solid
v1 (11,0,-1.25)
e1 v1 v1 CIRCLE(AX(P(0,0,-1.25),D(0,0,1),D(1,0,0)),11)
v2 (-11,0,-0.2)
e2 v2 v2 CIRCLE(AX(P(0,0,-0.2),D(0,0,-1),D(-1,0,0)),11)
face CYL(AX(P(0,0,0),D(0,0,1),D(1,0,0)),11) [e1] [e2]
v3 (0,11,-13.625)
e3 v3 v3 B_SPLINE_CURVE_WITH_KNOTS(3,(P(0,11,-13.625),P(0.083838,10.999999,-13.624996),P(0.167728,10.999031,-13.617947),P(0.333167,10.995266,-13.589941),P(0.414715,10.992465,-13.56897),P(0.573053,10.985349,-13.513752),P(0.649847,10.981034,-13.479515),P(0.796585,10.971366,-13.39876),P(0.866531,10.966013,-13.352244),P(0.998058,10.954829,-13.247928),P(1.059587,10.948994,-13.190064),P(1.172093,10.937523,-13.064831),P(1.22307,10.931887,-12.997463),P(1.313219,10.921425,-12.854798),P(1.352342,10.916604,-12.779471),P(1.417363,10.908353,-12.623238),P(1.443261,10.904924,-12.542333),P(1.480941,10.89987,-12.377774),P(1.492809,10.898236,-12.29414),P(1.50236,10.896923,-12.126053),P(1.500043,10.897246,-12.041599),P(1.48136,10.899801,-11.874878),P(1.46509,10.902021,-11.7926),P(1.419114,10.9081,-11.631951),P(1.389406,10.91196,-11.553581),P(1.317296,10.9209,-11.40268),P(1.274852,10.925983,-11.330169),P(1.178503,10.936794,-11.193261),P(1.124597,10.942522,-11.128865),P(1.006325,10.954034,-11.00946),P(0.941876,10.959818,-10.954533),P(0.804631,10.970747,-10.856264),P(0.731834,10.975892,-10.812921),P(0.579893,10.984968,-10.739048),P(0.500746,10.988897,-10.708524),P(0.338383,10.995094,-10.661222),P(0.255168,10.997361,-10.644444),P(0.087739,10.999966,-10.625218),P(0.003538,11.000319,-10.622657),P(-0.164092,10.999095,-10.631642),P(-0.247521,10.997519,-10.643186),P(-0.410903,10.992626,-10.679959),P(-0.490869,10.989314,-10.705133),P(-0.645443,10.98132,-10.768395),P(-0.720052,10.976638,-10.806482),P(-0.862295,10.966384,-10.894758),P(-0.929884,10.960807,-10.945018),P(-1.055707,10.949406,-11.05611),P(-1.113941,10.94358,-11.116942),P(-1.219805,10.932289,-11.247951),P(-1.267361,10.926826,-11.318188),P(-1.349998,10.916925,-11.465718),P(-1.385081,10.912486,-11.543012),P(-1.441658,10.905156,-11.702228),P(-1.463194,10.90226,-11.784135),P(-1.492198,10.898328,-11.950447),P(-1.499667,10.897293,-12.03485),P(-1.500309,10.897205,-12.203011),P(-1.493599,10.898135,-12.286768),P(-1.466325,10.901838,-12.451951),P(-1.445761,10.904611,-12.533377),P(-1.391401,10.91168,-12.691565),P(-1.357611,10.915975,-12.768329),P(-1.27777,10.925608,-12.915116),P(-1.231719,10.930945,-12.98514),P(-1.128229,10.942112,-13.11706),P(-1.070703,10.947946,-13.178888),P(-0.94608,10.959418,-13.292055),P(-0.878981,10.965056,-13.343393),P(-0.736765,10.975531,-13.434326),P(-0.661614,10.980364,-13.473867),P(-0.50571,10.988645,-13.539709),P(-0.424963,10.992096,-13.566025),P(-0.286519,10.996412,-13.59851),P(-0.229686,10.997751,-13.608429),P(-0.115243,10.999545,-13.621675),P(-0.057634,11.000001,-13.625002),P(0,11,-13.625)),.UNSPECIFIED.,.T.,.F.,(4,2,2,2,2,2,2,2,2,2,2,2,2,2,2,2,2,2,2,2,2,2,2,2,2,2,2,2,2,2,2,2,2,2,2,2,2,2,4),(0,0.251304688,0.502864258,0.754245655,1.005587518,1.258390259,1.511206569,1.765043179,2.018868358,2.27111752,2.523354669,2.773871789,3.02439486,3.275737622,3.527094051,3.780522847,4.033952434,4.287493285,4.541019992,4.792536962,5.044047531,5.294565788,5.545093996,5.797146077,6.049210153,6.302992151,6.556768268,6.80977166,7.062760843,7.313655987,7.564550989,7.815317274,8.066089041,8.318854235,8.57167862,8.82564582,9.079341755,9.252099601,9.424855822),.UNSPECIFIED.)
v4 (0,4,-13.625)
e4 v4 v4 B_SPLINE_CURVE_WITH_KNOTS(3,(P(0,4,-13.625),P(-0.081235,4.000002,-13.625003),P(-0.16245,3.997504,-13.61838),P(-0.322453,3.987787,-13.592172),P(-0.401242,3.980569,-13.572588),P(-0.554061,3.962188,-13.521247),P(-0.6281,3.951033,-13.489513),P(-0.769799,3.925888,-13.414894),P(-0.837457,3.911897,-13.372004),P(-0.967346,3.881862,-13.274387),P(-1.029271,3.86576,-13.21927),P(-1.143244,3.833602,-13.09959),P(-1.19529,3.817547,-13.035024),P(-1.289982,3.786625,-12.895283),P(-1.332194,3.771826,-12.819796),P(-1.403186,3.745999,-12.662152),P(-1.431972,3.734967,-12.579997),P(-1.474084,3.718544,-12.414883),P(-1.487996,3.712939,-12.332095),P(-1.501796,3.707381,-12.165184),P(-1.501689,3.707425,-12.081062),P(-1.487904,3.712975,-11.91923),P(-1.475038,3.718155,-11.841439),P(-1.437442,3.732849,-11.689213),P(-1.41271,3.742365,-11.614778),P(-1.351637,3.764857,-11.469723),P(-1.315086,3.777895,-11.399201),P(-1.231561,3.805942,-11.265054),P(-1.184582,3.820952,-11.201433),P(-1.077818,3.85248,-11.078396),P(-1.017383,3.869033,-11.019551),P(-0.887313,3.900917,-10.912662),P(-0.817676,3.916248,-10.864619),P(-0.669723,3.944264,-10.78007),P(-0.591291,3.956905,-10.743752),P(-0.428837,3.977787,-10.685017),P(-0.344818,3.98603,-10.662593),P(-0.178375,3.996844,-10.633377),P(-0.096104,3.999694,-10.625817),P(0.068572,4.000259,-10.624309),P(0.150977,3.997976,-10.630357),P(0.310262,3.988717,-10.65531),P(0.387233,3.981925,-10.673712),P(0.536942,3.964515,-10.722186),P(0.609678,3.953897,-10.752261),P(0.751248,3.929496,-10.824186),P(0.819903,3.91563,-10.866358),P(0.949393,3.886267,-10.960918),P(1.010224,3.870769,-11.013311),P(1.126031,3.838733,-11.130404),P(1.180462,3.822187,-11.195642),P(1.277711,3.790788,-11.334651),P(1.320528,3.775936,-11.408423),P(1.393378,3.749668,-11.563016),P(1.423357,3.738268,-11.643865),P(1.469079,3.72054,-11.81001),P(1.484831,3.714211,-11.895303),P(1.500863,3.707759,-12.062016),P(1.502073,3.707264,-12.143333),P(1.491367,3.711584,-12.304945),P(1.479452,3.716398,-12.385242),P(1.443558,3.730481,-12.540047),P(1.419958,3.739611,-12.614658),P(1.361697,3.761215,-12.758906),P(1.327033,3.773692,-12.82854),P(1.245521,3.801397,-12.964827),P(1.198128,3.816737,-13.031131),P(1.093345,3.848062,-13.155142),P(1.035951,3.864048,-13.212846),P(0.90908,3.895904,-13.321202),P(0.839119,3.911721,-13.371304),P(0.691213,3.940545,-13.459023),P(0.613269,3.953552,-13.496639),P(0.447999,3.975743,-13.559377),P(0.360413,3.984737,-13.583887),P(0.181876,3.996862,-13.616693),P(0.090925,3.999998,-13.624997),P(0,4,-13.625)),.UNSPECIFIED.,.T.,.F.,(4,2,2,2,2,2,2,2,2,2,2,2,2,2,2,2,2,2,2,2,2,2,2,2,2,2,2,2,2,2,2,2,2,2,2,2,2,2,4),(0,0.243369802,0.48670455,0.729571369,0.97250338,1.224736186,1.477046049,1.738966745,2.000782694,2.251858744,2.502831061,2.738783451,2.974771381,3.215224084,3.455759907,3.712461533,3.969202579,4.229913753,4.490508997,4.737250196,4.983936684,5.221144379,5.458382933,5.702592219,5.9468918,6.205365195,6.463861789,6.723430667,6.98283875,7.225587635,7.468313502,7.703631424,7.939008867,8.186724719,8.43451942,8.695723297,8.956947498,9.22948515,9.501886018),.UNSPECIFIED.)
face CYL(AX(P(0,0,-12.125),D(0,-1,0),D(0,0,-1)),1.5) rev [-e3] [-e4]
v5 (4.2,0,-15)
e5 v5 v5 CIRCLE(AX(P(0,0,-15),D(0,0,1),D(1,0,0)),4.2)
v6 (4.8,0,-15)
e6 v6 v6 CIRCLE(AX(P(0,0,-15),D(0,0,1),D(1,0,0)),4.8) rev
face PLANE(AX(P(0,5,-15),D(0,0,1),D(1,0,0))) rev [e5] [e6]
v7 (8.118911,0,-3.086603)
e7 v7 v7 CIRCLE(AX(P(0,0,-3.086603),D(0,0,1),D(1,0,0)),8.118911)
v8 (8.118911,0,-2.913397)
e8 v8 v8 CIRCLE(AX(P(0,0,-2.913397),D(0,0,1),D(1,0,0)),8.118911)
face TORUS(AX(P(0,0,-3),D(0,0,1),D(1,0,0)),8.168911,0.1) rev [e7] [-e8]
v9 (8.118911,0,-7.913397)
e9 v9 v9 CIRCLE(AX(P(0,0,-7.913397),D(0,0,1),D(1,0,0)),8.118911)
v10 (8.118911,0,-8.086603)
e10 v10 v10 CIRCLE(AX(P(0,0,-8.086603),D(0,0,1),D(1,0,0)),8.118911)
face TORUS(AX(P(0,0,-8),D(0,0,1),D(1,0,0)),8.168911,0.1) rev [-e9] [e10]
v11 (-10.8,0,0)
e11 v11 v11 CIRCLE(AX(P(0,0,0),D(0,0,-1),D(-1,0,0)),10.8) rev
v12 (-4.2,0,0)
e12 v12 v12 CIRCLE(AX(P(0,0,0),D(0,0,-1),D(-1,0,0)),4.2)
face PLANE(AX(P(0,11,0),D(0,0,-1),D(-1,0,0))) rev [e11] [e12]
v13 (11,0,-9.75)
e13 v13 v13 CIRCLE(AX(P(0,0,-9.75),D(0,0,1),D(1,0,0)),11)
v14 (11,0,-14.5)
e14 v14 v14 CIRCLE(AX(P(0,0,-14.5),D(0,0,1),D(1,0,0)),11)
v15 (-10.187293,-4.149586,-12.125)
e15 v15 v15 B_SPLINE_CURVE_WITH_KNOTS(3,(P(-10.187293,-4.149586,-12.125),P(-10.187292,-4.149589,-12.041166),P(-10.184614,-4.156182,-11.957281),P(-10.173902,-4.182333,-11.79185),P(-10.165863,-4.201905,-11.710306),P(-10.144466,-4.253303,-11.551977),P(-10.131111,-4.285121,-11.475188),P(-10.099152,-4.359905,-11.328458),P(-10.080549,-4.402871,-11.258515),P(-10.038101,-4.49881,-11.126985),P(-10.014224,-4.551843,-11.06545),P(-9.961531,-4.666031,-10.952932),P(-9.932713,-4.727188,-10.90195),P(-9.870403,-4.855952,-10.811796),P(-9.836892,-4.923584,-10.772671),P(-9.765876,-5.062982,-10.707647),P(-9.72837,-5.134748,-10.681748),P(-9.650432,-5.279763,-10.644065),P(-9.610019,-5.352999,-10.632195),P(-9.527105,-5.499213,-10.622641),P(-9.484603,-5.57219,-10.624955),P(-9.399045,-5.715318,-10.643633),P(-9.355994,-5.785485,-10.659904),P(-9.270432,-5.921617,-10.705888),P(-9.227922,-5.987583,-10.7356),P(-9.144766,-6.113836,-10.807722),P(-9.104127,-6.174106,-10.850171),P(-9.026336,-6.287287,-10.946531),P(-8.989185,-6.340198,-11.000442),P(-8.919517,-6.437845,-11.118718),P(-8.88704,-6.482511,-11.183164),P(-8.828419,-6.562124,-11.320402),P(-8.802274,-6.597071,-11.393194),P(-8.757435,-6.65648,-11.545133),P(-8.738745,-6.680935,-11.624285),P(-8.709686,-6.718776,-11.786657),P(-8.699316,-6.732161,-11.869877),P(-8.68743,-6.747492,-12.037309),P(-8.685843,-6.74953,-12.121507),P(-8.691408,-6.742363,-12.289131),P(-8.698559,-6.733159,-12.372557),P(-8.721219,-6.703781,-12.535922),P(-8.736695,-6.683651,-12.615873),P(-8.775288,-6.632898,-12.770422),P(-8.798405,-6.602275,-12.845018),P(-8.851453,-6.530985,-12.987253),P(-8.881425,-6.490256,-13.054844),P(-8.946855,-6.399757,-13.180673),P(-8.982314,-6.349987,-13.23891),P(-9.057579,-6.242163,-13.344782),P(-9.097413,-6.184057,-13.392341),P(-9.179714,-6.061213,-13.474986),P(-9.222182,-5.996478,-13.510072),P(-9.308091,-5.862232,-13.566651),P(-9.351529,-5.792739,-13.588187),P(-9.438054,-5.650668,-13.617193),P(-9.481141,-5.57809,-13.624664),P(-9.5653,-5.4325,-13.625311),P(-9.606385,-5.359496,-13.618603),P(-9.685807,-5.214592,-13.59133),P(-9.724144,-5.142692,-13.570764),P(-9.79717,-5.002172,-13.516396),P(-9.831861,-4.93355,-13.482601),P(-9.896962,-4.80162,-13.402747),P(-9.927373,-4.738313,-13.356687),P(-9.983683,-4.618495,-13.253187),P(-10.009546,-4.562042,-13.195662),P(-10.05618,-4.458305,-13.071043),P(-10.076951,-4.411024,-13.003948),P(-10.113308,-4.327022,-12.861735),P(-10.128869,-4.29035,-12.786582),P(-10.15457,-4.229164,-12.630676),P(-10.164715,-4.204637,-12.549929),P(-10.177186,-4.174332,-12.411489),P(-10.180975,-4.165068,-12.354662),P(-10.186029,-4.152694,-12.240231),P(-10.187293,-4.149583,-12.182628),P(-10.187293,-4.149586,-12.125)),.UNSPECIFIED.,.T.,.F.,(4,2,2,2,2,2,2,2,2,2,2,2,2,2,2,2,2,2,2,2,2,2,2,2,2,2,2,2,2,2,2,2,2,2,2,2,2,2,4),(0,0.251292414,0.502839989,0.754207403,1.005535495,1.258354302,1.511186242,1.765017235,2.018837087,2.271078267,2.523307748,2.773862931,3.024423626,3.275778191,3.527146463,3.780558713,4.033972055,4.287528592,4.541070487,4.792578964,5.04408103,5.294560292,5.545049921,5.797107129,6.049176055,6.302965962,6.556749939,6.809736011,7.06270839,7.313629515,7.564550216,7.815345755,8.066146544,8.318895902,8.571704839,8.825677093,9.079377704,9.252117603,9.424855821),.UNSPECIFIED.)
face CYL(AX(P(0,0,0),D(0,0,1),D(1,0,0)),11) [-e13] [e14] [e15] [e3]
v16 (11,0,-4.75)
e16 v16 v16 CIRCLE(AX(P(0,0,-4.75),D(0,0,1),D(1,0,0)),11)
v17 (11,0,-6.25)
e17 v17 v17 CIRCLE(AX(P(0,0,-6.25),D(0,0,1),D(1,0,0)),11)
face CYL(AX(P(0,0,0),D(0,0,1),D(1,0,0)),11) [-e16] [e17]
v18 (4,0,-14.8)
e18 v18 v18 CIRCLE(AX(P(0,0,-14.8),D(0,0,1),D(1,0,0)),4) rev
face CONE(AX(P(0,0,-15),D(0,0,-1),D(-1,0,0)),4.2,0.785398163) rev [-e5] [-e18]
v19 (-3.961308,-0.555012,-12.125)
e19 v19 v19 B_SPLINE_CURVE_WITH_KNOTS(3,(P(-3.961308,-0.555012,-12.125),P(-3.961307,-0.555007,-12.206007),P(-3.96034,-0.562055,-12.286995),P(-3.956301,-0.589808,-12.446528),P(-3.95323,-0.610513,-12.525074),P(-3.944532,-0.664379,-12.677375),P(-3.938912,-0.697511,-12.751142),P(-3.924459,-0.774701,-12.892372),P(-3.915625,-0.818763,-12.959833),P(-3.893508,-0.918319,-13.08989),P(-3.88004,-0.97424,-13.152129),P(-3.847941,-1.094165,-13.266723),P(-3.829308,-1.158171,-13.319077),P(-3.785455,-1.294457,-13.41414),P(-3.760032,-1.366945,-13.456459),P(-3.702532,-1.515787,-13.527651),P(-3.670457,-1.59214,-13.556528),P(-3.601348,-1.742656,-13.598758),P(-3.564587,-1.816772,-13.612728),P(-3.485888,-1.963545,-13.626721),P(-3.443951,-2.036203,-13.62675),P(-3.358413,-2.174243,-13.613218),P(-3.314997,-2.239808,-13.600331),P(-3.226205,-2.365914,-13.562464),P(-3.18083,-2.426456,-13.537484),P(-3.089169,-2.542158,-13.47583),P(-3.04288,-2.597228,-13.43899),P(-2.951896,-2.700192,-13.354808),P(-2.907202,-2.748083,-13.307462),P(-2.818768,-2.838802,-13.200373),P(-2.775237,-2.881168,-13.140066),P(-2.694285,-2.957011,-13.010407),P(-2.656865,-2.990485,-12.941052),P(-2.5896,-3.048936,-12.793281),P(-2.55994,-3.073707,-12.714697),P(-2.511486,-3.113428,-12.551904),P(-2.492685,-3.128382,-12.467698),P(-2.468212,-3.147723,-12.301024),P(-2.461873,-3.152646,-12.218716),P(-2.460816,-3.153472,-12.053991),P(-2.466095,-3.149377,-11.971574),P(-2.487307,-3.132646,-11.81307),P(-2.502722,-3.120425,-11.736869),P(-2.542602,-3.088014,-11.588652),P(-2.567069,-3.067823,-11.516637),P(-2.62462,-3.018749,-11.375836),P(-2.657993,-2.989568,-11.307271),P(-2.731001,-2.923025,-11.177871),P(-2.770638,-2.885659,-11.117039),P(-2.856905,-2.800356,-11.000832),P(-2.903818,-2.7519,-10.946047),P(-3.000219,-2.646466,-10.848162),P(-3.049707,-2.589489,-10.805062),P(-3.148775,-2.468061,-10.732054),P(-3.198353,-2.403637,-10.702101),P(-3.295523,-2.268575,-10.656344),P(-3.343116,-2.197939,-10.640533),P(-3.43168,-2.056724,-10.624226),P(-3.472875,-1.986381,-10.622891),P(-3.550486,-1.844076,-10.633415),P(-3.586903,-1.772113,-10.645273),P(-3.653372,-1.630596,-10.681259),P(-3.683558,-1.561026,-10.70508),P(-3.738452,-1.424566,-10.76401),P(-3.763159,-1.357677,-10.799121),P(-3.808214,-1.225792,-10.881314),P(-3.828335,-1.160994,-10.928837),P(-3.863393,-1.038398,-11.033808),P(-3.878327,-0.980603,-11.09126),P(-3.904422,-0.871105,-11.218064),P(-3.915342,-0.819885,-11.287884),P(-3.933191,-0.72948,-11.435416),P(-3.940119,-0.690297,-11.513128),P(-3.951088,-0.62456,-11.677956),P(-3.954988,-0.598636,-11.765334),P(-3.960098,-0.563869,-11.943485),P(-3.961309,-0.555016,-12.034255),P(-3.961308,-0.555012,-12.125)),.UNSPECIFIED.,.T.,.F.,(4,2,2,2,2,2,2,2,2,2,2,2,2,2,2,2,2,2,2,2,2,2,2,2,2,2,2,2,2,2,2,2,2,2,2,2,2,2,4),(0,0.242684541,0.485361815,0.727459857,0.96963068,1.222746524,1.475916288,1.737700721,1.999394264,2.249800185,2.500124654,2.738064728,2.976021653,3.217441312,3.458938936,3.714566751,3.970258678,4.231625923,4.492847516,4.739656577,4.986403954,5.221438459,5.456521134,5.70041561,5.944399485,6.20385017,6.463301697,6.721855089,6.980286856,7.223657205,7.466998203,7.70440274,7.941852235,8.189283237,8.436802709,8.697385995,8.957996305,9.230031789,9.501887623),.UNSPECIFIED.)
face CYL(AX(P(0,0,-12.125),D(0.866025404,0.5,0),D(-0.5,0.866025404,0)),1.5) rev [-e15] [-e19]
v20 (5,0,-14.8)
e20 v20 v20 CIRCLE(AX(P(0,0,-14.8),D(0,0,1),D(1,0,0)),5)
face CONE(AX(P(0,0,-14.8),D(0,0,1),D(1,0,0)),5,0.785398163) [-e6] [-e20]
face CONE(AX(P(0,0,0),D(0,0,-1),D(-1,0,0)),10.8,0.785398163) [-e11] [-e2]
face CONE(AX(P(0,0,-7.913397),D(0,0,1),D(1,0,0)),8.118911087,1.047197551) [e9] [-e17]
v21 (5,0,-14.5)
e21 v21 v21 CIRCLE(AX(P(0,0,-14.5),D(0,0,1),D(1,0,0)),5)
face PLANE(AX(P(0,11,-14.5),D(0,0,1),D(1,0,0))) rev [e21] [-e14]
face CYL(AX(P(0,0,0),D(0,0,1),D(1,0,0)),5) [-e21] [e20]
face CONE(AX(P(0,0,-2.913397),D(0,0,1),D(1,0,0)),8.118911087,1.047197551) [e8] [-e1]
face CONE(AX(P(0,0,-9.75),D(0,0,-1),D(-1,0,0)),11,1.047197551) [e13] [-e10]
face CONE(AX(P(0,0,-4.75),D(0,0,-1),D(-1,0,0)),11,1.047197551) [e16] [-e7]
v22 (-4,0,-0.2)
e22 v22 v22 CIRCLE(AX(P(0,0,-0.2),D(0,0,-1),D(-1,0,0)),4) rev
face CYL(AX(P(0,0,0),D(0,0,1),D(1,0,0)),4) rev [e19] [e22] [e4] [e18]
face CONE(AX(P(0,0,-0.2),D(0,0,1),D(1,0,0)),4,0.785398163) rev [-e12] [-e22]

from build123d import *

# Parameters (mm, degrees)
SKETCH_2_W               = 1.5
SKETCH_2_H               = 15.026279442
PATTERN_CIRCULAR_1_COUNT = 2
PATTERN_CIRCULAR_1_ANGLE = 120
CHAMFER_1_SIZE           = 0.2


with BuildPart() as part:
    # 草图1 → 旋转1 (revolve)
    with BuildSketch(Plane(origin=(0, 0, 0), x_dir=(0, 0, -1), z_dir=(1, 0, 0)), mode=Mode.PRIVATE) as revolve_1_sk:
        with BuildLine():
            Line((0, 4), (15, 4))
            Line((15, 4), (15, 5))
            Line((15, 5), (14.5, 5))
            Line((14.5, 5), (14.5, 11))
            Line((14.5, 11), (9.75, 11))
            Line((9.75, 11), (8.08660254, 8.118911087))
            ThreePointArc((8.08660254, 8.118911087), (8, 8.068911087), (7.91339746, 8.118911087))
            Line((7.91339746, 8.118911087), (6.25, 11))
            Line((6.25, 11), (4.75, 11))
            Line((4.75, 11), (3.08660254, 8.118911087))
            ThreePointArc((3.08660254, 8.118911087), (3, 8.068911087), (2.91339746, 8.118911087))
            Line((2.91339746, 8.118911087), (1.25, 11))
            Line((1.25, 11), (0, 11))
            Line((0, 11), (0, 4))
        make_face()
    revolve(revolve_1_sk.sketch.rotate(Axis((0, 0, 0), (0, 0, -1)), 90), axis=Axis((0, 0, 0), (0, 0, -1)))

    # 草图2 → M3 螺纹孔1 (revolve, cut)
    with BuildSketch(Plane(origin=(0, 0, -12.125), x_dir=(0, 0, -1), z_dir=(1, 0, 0))):
        with Locations((0.75, 7.513139721)):
            Rectangle(SKETCH_2_W, SKETCH_2_H)
    hole_wizard_m3_1 = revolve(axis=Axis((0, -6.35, -12.125), (0, 1, 0)), mode=Mode.SUBTRACT)

    # 阵列(圆周)1: M3 螺纹孔1 ×2 about axis
    pattern_circular_1_axis = Axis((0, 0, 0), (0, 0, 1))
    for i in range(1, PATTERN_CIRCULAR_1_COUNT):
        add(hole_wizard_m3_1.rotate(pattern_circular_1_axis, i * PATTERN_CIRCULAR_1_ANGLE / (PATTERN_CIRCULAR_1_COUNT - 1)), mode=Mode.SUBTRACT)

    # 倒角1
    chamfer_1_edges = [part.edges().sort_by_distance(p)[0] for p in [
        (-5, 0, -15),
        (-11, 0, 0),
        (-4, 0, 0),
        (-4, 0, -15),
    ]]
    chamfer(chamfer_1_edges, length=CHAMFER_1_SIZE)


solid = part.part
